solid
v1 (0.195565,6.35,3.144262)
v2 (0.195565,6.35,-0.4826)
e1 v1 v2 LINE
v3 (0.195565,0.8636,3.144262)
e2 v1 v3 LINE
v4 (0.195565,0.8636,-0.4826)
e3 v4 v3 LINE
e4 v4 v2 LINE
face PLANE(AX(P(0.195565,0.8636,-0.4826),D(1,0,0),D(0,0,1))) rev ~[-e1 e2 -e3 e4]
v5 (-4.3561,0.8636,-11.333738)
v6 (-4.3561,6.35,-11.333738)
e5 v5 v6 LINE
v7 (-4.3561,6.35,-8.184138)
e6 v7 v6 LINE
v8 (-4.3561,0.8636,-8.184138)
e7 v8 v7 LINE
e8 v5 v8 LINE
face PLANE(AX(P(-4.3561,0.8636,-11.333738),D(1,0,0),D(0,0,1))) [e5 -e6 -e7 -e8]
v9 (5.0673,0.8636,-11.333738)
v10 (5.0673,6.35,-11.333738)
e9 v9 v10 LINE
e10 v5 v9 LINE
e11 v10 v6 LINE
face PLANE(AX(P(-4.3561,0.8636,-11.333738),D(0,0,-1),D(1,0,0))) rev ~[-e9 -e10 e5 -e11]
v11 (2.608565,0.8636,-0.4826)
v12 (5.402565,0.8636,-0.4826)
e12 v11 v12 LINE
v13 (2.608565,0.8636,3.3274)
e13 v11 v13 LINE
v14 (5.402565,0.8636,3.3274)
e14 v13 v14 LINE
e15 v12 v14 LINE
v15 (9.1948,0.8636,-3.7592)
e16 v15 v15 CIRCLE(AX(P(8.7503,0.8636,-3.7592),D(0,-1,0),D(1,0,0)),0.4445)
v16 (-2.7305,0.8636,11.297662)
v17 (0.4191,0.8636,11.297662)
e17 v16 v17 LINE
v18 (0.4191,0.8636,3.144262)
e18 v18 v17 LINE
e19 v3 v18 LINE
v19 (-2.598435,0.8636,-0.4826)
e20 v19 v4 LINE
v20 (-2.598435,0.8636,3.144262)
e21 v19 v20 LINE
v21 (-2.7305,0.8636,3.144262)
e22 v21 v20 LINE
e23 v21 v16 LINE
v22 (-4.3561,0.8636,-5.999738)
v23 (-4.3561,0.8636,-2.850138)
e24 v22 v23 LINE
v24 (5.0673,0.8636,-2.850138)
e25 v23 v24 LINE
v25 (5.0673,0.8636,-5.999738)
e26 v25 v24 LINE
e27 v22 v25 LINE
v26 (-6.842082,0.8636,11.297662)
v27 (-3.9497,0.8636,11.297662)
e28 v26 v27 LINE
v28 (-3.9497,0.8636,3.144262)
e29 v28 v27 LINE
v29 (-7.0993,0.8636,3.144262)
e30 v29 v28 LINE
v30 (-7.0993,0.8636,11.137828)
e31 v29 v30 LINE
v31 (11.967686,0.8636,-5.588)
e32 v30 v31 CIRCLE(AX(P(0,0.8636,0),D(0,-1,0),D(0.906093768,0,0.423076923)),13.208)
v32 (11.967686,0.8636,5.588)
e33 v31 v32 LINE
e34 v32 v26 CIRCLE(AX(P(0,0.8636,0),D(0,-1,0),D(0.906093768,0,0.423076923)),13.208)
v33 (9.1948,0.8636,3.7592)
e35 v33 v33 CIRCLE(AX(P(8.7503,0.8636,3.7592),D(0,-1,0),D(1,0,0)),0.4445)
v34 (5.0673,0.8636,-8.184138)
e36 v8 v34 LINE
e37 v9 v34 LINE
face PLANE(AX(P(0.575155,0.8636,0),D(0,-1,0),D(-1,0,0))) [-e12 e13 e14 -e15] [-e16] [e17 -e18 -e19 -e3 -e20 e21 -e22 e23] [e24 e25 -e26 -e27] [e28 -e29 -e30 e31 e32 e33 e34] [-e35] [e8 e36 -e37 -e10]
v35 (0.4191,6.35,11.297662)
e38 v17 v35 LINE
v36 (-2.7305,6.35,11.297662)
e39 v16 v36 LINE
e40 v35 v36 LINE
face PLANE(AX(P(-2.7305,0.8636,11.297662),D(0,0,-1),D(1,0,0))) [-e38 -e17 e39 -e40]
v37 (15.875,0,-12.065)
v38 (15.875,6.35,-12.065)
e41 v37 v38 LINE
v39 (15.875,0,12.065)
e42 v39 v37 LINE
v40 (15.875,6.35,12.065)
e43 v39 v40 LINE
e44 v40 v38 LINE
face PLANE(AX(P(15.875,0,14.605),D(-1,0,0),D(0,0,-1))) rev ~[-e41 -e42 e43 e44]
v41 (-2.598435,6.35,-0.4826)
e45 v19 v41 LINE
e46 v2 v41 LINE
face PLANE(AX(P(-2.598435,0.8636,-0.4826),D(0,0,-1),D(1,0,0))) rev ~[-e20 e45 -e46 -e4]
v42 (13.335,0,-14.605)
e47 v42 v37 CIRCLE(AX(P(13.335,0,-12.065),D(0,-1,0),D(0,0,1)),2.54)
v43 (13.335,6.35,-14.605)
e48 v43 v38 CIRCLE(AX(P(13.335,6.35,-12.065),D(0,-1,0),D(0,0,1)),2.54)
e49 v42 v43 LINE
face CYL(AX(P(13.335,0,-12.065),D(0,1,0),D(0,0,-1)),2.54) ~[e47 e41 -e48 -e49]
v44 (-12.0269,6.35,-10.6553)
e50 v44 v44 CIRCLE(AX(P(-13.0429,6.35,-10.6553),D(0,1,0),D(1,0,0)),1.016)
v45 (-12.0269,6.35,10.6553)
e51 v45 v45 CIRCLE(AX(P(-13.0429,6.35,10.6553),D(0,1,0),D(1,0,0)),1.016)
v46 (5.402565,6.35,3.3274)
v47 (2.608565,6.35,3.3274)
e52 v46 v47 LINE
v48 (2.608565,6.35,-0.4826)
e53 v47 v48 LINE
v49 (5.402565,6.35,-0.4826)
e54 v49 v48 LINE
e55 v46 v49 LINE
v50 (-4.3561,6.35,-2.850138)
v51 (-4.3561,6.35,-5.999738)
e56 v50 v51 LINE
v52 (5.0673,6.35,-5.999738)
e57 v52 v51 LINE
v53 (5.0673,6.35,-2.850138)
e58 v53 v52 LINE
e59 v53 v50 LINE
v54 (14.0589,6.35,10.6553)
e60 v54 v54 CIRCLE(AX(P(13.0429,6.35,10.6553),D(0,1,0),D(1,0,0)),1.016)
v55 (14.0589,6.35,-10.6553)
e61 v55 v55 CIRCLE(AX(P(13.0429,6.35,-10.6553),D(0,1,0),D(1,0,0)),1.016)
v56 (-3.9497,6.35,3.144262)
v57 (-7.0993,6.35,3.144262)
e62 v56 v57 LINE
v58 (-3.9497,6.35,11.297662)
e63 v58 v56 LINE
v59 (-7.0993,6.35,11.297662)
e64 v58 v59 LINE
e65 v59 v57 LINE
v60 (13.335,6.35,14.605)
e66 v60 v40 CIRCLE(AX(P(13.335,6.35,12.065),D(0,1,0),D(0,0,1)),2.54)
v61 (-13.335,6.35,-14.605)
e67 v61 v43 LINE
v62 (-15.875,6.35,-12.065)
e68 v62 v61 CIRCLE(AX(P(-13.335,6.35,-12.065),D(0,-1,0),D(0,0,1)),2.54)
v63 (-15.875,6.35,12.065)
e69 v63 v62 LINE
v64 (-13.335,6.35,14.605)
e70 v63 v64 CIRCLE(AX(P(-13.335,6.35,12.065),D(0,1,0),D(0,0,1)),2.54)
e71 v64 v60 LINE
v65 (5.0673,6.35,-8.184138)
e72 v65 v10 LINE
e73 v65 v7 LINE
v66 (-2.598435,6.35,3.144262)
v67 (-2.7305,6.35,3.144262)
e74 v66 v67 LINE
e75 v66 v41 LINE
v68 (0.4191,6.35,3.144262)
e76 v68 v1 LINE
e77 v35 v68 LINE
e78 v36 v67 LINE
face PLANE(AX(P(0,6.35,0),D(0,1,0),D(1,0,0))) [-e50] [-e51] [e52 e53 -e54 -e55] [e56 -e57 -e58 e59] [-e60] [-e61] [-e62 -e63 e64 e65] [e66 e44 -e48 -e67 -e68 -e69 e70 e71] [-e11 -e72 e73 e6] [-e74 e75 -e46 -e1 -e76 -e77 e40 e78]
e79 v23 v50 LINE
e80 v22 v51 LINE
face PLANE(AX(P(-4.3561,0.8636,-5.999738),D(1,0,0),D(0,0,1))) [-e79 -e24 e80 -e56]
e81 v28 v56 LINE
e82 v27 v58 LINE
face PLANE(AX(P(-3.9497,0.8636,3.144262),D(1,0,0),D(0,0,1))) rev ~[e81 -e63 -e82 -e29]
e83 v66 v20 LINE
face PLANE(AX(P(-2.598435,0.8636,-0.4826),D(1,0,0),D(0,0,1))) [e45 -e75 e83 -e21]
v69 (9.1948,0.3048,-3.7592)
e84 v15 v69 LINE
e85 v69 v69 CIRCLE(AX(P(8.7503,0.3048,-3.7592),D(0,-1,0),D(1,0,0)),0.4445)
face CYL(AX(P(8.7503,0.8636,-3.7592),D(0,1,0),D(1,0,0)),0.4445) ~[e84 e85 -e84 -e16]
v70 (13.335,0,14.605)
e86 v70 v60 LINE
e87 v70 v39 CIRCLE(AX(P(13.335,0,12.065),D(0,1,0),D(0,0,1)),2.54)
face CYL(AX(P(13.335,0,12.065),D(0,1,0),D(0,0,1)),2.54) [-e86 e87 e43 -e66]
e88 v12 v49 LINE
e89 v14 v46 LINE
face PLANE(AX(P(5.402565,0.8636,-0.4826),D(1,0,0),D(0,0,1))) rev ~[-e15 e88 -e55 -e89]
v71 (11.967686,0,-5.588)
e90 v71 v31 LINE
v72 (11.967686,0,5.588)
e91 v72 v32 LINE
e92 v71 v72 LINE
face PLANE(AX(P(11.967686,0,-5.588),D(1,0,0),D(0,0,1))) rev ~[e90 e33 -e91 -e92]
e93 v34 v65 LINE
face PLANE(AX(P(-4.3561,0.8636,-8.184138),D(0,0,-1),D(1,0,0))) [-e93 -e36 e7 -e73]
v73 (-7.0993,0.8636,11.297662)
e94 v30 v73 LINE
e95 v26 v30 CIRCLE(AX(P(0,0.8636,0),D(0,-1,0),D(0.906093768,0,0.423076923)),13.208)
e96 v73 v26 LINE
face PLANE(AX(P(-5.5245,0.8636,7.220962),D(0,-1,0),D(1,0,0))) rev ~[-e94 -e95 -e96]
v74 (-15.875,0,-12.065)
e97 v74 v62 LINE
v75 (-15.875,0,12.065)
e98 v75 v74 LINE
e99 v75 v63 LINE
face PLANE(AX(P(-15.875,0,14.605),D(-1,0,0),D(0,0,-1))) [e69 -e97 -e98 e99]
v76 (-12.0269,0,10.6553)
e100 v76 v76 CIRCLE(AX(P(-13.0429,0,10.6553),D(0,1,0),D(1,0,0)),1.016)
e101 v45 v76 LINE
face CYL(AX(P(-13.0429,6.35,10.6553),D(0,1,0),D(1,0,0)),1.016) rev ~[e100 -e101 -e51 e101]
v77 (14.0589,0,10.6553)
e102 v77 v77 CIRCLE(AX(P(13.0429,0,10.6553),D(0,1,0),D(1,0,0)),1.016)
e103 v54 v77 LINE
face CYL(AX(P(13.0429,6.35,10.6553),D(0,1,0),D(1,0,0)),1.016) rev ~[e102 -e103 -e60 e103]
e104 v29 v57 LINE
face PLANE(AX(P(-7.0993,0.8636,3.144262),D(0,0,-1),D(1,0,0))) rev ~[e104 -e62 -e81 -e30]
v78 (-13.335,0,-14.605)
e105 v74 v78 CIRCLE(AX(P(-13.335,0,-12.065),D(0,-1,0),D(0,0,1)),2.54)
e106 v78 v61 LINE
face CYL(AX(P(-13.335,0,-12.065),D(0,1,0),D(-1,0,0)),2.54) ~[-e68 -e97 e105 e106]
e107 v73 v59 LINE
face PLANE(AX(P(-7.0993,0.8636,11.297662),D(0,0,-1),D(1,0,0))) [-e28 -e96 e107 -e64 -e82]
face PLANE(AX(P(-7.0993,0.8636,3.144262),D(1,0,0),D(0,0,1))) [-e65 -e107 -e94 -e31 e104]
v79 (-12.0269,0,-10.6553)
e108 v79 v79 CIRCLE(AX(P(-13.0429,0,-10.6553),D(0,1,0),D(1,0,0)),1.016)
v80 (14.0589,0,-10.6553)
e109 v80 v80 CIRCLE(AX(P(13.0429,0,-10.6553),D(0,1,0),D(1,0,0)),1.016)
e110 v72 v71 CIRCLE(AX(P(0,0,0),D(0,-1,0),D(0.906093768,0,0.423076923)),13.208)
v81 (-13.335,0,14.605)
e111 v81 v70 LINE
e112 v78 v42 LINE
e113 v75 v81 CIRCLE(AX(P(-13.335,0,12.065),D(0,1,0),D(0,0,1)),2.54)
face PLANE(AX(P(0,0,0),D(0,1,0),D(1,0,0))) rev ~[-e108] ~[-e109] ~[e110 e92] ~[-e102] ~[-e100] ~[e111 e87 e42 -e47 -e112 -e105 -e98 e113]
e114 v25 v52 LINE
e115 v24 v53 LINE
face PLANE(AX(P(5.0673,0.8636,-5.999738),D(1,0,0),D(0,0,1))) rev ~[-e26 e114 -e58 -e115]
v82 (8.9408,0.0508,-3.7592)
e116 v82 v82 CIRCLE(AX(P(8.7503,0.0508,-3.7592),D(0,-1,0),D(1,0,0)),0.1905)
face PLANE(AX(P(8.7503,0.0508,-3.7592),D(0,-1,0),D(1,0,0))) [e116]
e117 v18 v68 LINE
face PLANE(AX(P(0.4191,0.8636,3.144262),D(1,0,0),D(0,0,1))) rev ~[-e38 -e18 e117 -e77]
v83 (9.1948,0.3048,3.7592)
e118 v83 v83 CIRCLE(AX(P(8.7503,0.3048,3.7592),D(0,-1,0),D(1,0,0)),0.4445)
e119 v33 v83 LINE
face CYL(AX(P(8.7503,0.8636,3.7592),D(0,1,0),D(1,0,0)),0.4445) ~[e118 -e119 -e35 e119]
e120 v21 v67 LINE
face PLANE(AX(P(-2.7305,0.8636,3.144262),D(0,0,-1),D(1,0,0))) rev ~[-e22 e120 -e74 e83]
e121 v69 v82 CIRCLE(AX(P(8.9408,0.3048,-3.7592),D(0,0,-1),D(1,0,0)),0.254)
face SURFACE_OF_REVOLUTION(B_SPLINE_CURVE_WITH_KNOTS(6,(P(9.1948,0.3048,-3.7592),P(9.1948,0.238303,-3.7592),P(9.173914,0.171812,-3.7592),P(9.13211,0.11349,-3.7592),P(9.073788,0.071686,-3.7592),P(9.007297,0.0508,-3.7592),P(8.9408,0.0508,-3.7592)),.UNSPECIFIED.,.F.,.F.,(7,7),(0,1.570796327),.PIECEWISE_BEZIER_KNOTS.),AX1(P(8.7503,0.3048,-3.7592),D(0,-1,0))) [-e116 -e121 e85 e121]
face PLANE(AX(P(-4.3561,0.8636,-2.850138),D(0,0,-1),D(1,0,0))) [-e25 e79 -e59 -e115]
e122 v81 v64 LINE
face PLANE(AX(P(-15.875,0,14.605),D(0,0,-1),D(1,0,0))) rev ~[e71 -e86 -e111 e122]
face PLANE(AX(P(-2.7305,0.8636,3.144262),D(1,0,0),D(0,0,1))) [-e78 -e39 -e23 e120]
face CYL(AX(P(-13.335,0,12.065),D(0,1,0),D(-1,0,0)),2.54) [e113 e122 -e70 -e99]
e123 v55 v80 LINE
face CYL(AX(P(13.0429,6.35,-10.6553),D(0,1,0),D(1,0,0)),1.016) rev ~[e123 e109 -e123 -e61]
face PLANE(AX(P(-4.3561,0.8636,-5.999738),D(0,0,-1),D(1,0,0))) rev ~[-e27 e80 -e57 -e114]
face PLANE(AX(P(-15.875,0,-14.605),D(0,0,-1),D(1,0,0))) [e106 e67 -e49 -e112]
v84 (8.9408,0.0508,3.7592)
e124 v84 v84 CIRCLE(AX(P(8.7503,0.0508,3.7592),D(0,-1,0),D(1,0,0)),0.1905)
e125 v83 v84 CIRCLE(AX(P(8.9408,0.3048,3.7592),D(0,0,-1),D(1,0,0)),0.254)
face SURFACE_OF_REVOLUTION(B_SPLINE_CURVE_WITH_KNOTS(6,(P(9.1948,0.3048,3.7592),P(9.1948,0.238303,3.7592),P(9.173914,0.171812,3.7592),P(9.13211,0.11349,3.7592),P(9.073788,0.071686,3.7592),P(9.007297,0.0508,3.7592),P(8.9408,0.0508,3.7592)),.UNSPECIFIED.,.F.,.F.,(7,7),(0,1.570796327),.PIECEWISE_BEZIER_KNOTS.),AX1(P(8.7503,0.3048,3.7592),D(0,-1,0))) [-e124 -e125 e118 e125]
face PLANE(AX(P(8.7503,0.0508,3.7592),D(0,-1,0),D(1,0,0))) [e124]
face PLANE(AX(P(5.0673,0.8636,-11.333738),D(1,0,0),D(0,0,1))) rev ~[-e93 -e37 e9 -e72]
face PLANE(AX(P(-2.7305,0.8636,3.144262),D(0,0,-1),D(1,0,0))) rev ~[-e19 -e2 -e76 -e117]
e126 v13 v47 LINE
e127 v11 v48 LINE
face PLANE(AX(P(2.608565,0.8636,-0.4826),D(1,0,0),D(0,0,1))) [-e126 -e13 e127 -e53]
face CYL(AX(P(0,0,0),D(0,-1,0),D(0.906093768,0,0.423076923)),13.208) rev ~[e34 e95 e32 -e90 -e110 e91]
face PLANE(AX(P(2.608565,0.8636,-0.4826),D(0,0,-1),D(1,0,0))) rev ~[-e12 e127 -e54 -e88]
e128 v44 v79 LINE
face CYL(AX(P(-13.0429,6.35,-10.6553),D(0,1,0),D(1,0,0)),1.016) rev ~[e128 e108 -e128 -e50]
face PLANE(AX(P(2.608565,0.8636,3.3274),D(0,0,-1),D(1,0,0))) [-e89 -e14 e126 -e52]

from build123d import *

# Parameters (mm, degrees)
SKETCH3_W           = 31.75
SKETCH3_H           = 29.21
BOSS_EXTRUDE2_DEPTH = 6.35
CUT_EXTRUDE1_DEPTH  = 0.8636
SKETCH6_R           = 1.016
CUT_EXTRUDE3_DEPTH  = 8.89
SKETCH4_W           = 9.4234
SKETCH4_H           = 3.1496
SKETCH4_W_2         = 3.1496
SKETCH4_H_2         = 8.1534
CUT_EXTRUDE2_DEPTH  = 6.4864
SKETCH7_W           = 2.794
SKETCH7_H           = 3.81
CUT_EXTRUDE4_DEPTH  = 6.4864
FILLET1_R           = 2.54
SKETCH9_R           = 0.4445
BOSS_EXTRUDE3_DEPTH = 0.8128
FILLET2_R           = 0.254


with BuildPart() as part:
    # Sketch3 → Boss-Extrude2 (new body)
    with BuildSketch(Plane(origin=(0, 0, 0), x_dir=(1, 0, 0), z_dir=(0, 1, 0))):
        Rectangle(SKETCH3_W, SKETCH3_H)
    extrude(amount=BOSS_EXTRUDE2_DEPTH)

    # Sketch1 → Cut-Extrude1 (cut)
    with BuildSketch(Plane(origin=(0, 0, 0), x_dir=(1, 0, 0), z_dir=(0, 1, 0))):
        with BuildLine():
            Line((11.967686493, 5.588), (11.967686493, -5.588))
            ThreePointArc((11.967686493, -5.588), (-13.208, 0), (11.967686493, 5.588))
        make_face()
    extrude(amount=CUT_EXTRUDE1_DEPTH, mode=Mode.SUBTRACT)

    # Sketch6 → Cut-Extrude3 (cut)
    with BuildSketch(Plane(origin=(0, 6.35, 0), x_dir=(1, 0, 0), z_dir=(0, 1, 0))):
        with Locations((-13.0429, 10.6553)):
            Circle(SKETCH6_R)
        with Locations((13.0429, 10.6553)):
            Circle(SKETCH6_R)
        with Locations((13.0429, -10.6553)):
            Circle(SKETCH6_R)
        with Locations((-13.0429, -10.6553)):
            Circle(SKETCH6_R)
    extrude(amount=-CUT_EXTRUDE3_DEPTH, mode=Mode.SUBTRACT)

    # Sketch4 → Cut-Extrude2 (cut, through all)
    with BuildSketch(Plane.XZ.offset(-0.8636)):
        with Locations((0.3556, -9.758937639)):
            Rectangle(SKETCH4_W, SKETCH4_H)
        with Locations((-5.5245, 7.220962361)):
            Rectangle(SKETCH4_W_2, SKETCH4_H_2)
        with Locations((0.3556, -4.424937639)):
            Rectangle(SKETCH4_W, SKETCH4_H)
        with Locations((-1.1557, 7.220962361)):
            Rectangle(SKETCH4_W_2, SKETCH4_H_2)
    extrude(amount=-CUT_EXTRUDE2_DEPTH, mode=Mode.SUBTRACT)

    # Sketch7 → Cut-Extrude4 (cut, through all)
    with BuildSketch(Plane.XZ.offset(-0.8636)):
        with Locations((-1.201434663, 1.4224)):
            Rectangle(SKETCH7_W, SKETCH7_H)
        with Locations((4.005565337, 1.4224)):
            Rectangle(SKETCH7_W, SKETCH7_H)
    extrude(amount=-CUT_EXTRUDE4_DEPTH, mode=Mode.SUBTRACT)

    # Fillet1
    fillet1_edges = [part.edges().sort_by_distance(p)[0] for p in [
        (-15.875, 3.175, -14.605),
        (15.875, 3.175, -14.605),
        (15.875, 3.175, 14.605),
        (-15.875, 3.175, 14.605),
    ]]
    fillet(fillet1_edges, radius=FILLET1_R)

    # Sketch9 → Boss-Extrude3 (add)
    with BuildSketch(Plane.XZ.offset(-0.8636)):
        with Locations((8.7503, 3.7592)):
            Circle(SKETCH9_R)
        with Locations((8.7503, -3.7592)):
            Circle(SKETCH9_R)
    extrude(amount=BOSS_EXTRUDE3_DEPTH)

    # Fillet2
    fillet2_edges = [part.edges().sort_by_distance(p)[0] for p in [
        (8.3058, 0.0508, 3.7592),
        (8.3058, 0.0508, -3.7592),
    ]]
    fillet(fillet2_edges, radius=FILLET2_R)


solid = part.part
